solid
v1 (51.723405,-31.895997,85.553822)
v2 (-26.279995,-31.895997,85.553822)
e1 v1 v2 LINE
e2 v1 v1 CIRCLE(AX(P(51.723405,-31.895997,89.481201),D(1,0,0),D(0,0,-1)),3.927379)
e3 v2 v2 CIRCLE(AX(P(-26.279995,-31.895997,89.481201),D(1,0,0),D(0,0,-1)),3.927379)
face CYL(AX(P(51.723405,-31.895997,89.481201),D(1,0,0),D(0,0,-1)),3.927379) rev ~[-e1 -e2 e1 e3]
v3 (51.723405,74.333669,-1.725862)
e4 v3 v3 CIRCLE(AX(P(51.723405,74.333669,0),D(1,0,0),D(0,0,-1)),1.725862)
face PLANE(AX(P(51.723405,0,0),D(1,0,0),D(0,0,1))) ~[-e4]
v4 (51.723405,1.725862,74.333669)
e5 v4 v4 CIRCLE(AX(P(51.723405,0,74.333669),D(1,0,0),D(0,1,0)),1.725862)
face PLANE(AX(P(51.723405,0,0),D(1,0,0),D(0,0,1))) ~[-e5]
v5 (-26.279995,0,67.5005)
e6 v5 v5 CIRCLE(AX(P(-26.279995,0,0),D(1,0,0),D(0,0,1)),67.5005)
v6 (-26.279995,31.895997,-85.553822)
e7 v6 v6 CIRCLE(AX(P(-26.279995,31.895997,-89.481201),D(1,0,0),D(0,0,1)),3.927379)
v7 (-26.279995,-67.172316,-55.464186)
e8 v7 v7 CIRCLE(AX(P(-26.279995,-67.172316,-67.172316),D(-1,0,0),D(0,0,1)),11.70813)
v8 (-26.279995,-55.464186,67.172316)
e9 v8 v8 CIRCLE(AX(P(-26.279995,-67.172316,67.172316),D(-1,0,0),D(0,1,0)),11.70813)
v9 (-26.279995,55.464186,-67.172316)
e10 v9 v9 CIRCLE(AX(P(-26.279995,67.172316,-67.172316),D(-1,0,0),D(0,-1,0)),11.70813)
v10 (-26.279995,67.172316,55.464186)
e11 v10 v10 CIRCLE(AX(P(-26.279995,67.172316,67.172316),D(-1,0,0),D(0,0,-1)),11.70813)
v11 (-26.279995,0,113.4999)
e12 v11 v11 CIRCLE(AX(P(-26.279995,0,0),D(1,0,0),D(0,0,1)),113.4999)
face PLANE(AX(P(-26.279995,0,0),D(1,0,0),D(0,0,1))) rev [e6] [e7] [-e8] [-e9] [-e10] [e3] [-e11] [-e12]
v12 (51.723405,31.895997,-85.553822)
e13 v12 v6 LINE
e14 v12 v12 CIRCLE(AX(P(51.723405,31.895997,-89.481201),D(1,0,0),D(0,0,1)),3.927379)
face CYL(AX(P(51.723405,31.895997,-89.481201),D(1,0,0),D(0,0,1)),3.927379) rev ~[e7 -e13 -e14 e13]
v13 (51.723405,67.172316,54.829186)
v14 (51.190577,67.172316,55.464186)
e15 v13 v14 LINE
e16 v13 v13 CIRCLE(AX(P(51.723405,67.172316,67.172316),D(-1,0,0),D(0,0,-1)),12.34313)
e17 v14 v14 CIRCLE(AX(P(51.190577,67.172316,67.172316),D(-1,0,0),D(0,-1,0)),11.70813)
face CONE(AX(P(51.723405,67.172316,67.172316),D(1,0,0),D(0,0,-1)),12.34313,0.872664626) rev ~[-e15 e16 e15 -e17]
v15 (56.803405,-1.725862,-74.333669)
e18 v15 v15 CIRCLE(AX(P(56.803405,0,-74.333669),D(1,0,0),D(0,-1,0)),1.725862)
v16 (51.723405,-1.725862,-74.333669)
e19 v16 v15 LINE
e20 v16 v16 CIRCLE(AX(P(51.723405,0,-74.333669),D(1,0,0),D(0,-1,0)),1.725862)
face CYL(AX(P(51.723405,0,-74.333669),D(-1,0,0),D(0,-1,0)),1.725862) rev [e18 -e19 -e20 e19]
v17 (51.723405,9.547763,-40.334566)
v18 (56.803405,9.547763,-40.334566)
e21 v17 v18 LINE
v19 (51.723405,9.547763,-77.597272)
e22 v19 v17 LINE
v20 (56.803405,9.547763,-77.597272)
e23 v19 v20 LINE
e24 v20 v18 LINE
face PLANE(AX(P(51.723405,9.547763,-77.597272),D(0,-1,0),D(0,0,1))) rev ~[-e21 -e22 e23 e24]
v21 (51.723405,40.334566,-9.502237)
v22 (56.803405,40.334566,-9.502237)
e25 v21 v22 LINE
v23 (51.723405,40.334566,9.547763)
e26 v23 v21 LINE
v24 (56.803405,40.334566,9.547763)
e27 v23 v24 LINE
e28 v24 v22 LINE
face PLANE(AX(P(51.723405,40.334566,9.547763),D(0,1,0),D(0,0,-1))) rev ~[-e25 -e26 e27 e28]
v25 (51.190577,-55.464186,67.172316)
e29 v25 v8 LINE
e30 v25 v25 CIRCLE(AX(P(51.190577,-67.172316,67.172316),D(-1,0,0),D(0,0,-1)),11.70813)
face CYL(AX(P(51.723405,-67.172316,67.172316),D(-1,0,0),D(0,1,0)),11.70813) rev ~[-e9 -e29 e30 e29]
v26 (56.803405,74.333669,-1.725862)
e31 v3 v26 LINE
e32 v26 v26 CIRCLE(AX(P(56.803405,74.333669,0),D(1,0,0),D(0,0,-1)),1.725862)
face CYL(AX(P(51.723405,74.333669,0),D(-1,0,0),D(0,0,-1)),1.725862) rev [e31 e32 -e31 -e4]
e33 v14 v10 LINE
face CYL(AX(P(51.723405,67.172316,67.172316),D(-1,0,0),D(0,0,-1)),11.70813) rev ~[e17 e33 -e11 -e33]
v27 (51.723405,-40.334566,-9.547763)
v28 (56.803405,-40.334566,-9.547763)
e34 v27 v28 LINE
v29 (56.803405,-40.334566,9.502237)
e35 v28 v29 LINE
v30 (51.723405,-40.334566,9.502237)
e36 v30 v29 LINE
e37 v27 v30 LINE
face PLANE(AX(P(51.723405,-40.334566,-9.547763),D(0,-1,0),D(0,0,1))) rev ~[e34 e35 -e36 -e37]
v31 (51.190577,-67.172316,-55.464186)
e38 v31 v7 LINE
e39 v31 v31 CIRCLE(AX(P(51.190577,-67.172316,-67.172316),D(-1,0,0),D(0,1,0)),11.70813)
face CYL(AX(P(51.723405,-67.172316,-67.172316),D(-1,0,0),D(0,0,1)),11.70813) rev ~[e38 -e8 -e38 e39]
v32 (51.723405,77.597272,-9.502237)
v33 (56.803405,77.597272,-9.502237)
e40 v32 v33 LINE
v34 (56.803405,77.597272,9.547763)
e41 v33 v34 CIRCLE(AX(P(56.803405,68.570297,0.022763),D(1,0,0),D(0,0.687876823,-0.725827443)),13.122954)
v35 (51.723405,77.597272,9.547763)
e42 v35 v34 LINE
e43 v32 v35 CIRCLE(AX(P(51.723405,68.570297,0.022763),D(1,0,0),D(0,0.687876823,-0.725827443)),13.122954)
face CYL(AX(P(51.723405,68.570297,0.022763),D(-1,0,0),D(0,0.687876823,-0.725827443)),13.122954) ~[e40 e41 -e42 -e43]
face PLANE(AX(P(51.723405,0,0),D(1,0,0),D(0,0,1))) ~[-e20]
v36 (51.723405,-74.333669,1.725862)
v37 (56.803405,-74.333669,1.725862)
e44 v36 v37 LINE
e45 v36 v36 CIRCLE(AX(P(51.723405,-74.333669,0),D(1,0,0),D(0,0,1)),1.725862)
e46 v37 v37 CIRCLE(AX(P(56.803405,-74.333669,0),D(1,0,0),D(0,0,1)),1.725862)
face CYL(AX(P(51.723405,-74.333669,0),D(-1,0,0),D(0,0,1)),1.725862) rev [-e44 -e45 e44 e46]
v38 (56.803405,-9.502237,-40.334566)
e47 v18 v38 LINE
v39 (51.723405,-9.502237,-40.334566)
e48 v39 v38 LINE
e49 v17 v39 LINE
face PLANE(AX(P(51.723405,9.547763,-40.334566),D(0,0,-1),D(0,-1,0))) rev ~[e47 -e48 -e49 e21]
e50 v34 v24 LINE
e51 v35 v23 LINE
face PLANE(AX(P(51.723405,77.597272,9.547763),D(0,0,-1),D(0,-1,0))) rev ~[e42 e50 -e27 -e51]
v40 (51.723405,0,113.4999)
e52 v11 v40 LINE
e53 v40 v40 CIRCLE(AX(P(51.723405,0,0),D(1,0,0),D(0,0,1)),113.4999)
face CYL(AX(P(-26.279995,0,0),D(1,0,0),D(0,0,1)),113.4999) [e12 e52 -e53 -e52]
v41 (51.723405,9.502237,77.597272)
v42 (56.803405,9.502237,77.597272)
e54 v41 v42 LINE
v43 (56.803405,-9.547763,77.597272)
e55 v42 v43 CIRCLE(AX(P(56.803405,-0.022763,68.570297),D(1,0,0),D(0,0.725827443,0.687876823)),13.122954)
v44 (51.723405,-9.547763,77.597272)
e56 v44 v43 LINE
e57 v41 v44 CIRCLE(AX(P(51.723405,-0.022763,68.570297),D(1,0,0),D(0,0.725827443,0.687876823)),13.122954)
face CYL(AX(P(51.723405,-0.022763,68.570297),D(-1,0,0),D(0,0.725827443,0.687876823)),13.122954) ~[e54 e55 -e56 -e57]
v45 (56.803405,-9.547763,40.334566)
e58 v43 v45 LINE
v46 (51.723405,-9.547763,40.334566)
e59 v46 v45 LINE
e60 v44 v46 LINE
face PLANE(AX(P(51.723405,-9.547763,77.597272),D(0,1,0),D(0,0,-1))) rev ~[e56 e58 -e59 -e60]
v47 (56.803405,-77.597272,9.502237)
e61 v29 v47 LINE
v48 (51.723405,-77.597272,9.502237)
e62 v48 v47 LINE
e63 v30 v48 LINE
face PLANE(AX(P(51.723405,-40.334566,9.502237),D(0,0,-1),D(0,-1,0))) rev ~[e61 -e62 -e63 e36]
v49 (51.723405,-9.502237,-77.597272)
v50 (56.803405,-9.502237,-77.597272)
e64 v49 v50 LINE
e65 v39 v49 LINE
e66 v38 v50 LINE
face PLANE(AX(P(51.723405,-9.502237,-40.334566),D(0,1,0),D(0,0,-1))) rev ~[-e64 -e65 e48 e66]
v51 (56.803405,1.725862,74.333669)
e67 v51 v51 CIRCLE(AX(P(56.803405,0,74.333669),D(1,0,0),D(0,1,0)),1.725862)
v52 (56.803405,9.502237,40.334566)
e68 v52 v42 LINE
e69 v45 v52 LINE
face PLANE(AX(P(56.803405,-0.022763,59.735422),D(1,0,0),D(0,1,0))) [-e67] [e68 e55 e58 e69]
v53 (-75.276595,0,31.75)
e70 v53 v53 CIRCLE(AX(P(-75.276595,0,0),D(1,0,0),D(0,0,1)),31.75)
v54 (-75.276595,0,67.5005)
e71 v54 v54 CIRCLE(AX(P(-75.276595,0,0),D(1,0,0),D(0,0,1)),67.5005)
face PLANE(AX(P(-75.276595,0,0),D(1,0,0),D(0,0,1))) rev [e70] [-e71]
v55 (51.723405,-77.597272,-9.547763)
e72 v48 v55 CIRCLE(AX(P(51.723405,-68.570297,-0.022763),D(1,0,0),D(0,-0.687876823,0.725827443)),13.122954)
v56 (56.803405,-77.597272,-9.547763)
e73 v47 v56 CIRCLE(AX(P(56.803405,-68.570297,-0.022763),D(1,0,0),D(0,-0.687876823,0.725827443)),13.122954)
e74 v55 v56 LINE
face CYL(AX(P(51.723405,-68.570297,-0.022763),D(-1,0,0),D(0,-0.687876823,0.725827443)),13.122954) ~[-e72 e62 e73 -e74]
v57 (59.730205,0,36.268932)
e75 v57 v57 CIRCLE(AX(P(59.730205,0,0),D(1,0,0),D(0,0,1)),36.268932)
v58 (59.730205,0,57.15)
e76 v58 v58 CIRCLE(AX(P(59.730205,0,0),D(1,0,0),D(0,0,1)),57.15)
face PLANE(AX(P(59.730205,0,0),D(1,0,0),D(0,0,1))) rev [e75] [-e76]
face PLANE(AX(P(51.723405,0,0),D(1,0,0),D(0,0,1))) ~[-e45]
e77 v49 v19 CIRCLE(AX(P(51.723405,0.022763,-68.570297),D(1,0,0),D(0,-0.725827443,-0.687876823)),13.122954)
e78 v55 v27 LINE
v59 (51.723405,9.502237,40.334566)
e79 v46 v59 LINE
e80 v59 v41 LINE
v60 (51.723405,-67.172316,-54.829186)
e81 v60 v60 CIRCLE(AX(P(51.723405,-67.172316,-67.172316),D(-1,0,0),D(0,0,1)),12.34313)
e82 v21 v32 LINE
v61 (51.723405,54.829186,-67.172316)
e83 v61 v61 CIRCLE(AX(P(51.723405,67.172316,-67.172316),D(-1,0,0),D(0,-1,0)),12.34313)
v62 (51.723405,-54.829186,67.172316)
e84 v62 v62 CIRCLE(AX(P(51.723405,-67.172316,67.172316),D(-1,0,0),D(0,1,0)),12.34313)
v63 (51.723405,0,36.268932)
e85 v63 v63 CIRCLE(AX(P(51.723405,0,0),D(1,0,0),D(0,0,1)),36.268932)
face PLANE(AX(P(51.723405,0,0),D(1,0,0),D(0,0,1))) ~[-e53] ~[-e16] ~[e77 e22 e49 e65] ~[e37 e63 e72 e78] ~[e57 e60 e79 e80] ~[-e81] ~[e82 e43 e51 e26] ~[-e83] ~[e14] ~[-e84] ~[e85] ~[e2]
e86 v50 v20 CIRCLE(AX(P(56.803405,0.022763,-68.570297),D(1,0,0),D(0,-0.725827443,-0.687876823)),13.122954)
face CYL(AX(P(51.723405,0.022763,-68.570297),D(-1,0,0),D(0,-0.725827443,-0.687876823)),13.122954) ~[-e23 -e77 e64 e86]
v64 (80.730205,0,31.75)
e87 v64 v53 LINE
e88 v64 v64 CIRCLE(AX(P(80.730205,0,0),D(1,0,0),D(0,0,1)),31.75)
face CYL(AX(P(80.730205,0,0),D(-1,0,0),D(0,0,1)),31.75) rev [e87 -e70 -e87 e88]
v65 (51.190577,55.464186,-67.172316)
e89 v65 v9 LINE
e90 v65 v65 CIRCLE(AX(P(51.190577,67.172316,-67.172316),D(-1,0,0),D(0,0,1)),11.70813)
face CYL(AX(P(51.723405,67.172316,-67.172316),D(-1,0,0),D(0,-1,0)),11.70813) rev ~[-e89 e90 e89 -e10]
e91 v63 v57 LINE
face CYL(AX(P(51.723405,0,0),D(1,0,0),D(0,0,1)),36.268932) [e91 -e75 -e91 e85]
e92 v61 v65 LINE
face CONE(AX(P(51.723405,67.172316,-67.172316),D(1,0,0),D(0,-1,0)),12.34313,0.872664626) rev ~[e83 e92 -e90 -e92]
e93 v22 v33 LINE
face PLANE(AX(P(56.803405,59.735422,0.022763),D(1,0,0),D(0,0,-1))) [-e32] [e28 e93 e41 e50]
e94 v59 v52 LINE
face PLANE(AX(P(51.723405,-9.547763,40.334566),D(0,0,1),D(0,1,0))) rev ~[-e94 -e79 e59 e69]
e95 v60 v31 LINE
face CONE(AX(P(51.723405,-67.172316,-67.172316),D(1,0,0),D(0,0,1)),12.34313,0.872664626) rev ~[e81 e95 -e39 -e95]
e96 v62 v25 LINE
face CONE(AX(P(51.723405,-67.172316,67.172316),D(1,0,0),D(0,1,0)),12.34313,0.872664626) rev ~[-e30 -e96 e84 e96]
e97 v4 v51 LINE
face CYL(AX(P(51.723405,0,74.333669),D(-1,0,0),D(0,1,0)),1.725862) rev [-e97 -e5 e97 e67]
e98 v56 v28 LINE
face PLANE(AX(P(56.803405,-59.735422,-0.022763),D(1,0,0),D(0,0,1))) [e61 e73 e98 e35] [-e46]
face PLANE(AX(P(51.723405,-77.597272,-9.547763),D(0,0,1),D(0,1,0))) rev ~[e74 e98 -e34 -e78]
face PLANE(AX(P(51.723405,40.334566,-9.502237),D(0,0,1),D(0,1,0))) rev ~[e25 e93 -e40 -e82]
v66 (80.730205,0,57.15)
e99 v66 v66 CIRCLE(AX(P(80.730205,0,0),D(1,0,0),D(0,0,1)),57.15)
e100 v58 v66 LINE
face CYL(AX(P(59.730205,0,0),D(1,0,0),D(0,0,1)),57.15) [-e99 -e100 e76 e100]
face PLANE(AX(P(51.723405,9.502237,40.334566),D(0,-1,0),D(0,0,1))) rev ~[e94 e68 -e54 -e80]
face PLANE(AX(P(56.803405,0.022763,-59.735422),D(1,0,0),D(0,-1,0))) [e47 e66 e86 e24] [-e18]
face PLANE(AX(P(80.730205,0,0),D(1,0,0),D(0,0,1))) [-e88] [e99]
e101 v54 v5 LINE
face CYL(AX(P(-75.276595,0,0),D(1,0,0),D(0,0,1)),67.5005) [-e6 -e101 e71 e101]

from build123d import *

# Parameters (mm, degrees)
SKETCH2_R                           = 1.725862242
BOSS_EXTRUDE1_DEPTH                 = 5.08
CIRPATTERN1_COUNT                   = 4
TAP_DRILL_FOR_1_12_TAP1_D           = 23.41626
TAP_DRILL_FOR_1_12_TAP1_CSINK_D     = 24.68626
TAP_DRILL_FOR_1_12_TAP1_CSINK_ANGLE = 100
CIRPATTERN2_COUNT                   = 4
SKETCH4_R                           = 3.927379396
CUT_EXTRUDE1_DEPTH                  = 205.678906094
CIRPATTERN3_COUNT                   = 2


with BuildPart() as part:
    # Sketch1 → Revolve1 (revolve)
    with BuildSketch(Plane.XY, mode=Mode.PRIVATE) as revolve1_sk:
        Polygon((-75.276594545, 31.75), (-75.276594545, 67.5005), (-26.279994545, 67.5005), (-26.279994545, 113.4999), (51.723405455, 113.4999), (51.723405455, 53.34), (51.723405455, 36.268932417), (59.730205455, 36.268932417), (59.730205455, 57.15), (80.730205455, 57.15), (80.730205455, 31.75), align=None)
    revolve(revolve1_sk.sketch.rotate(Axis((-77.058289091, 0, 0), (1, 0, 0)), 90), axis=Axis((-77.058289091, 0, 0), (1, 0, 0)))

    # Sketch2 → Boss-Extrude1 (add)
    with BuildSketch(Plane(origin=(51.723405455, 0, 0), x_dir=(0, 0, -1), z_dir=(1, 0, 0))):
        with BuildLine():
            Line((9.502237171, 69.200650205), (9.502237171, 77.59727245))
            ThreePointArc((9.502237171, 77.59727245), (-0.022762829, 81.693250486), (-9.547762829, 77.59727245))
            Line((-9.547762829, 77.59727245), (-9.547762829, 69.194383623))
            Line((-9.547762829, 69.194383623), (-9.547762829, 40.334566498))
            Line((-9.547762829, 40.334566498), (9.502237171, 40.334566498))
            Line((9.502237171, 40.334566498), (9.502237171, 69.200650205))
        make_face()
        with Locations((0, 74.333669045)):
            Circle(SKETCH2_R, mode=Mode.SUBTRACT)
    boss_extrude1 = extrude(amount=BOSS_EXTRUDE1_DEPTH)

    # CirPattern1: Boss-Extrude1 ×4 about axis
    cirpattern1_axis = Axis((0, 0, 0), (1, 0, 0))
    for i in range(1, CIRPATTERN1_COUNT):
        add(boss_extrude1.rotate(cirpattern1_axis, i * 360 / CIRPATTERN1_COUNT))

    # Tap Drill for 1-12 Tap1 (through all)
    with Locations(Plane(origin=(51.723405455, 67.172315786, 67.172315786), x_dir=(0, 0, 1), z_dir=(1, 0, 0))):
        with Locations((0, 0)):
            tap_drill_for_1_12_tap1 = CounterSinkHole(TAP_DRILL_FOR_1_12_TAP1_D / 2, TAP_DRILL_FOR_1_12_TAP1_CSINK_D / 2, counter_sink_angle=TAP_DRILL_FOR_1_12_TAP1_CSINK_ANGLE)

    # CirPattern2: Tap Drill for 1-12 Tap1 ×4 about axis
    cirpattern2_axis = Axis((0, 0, 0), (1, 0, 0))
    for i in range(1, CIRPATTERN2_COUNT):
        add(tap_drill_for_1_12_tap1.rotate(cirpattern2_axis, i * 360 / CIRPATTERN2_COUNT), mode=Mode.SUBTRACT)

    # Sketch4 → Cut-Extrude1 (cut, through all)
    with BuildSketch(Plane(origin=(51.723405455, 0, 0), x_dir=(0, 0, -1), z_dir=(1, 0, 0))):
        with Locations((-89.48120145, -31.895996663)):
            Circle(SKETCH4_R)
    cut_extrude1 = extrude(amount=-CUT_EXTRUDE1_DEPTH, mode=Mode.SUBTRACT)

    # CirPattern3: Cut-Extrude1 ×2 about axis
    cirpattern3_axis = Axis((0, 0, 0), (1, 0, 0))
    for i in range(1, CIRPATTERN3_COUNT):
        add(cut_extrude1.rotate(cirpattern3_axis, i * 360 / CIRPATTERN3_COUNT), mode=Mode.SUBTRACT)


solid = part.part
